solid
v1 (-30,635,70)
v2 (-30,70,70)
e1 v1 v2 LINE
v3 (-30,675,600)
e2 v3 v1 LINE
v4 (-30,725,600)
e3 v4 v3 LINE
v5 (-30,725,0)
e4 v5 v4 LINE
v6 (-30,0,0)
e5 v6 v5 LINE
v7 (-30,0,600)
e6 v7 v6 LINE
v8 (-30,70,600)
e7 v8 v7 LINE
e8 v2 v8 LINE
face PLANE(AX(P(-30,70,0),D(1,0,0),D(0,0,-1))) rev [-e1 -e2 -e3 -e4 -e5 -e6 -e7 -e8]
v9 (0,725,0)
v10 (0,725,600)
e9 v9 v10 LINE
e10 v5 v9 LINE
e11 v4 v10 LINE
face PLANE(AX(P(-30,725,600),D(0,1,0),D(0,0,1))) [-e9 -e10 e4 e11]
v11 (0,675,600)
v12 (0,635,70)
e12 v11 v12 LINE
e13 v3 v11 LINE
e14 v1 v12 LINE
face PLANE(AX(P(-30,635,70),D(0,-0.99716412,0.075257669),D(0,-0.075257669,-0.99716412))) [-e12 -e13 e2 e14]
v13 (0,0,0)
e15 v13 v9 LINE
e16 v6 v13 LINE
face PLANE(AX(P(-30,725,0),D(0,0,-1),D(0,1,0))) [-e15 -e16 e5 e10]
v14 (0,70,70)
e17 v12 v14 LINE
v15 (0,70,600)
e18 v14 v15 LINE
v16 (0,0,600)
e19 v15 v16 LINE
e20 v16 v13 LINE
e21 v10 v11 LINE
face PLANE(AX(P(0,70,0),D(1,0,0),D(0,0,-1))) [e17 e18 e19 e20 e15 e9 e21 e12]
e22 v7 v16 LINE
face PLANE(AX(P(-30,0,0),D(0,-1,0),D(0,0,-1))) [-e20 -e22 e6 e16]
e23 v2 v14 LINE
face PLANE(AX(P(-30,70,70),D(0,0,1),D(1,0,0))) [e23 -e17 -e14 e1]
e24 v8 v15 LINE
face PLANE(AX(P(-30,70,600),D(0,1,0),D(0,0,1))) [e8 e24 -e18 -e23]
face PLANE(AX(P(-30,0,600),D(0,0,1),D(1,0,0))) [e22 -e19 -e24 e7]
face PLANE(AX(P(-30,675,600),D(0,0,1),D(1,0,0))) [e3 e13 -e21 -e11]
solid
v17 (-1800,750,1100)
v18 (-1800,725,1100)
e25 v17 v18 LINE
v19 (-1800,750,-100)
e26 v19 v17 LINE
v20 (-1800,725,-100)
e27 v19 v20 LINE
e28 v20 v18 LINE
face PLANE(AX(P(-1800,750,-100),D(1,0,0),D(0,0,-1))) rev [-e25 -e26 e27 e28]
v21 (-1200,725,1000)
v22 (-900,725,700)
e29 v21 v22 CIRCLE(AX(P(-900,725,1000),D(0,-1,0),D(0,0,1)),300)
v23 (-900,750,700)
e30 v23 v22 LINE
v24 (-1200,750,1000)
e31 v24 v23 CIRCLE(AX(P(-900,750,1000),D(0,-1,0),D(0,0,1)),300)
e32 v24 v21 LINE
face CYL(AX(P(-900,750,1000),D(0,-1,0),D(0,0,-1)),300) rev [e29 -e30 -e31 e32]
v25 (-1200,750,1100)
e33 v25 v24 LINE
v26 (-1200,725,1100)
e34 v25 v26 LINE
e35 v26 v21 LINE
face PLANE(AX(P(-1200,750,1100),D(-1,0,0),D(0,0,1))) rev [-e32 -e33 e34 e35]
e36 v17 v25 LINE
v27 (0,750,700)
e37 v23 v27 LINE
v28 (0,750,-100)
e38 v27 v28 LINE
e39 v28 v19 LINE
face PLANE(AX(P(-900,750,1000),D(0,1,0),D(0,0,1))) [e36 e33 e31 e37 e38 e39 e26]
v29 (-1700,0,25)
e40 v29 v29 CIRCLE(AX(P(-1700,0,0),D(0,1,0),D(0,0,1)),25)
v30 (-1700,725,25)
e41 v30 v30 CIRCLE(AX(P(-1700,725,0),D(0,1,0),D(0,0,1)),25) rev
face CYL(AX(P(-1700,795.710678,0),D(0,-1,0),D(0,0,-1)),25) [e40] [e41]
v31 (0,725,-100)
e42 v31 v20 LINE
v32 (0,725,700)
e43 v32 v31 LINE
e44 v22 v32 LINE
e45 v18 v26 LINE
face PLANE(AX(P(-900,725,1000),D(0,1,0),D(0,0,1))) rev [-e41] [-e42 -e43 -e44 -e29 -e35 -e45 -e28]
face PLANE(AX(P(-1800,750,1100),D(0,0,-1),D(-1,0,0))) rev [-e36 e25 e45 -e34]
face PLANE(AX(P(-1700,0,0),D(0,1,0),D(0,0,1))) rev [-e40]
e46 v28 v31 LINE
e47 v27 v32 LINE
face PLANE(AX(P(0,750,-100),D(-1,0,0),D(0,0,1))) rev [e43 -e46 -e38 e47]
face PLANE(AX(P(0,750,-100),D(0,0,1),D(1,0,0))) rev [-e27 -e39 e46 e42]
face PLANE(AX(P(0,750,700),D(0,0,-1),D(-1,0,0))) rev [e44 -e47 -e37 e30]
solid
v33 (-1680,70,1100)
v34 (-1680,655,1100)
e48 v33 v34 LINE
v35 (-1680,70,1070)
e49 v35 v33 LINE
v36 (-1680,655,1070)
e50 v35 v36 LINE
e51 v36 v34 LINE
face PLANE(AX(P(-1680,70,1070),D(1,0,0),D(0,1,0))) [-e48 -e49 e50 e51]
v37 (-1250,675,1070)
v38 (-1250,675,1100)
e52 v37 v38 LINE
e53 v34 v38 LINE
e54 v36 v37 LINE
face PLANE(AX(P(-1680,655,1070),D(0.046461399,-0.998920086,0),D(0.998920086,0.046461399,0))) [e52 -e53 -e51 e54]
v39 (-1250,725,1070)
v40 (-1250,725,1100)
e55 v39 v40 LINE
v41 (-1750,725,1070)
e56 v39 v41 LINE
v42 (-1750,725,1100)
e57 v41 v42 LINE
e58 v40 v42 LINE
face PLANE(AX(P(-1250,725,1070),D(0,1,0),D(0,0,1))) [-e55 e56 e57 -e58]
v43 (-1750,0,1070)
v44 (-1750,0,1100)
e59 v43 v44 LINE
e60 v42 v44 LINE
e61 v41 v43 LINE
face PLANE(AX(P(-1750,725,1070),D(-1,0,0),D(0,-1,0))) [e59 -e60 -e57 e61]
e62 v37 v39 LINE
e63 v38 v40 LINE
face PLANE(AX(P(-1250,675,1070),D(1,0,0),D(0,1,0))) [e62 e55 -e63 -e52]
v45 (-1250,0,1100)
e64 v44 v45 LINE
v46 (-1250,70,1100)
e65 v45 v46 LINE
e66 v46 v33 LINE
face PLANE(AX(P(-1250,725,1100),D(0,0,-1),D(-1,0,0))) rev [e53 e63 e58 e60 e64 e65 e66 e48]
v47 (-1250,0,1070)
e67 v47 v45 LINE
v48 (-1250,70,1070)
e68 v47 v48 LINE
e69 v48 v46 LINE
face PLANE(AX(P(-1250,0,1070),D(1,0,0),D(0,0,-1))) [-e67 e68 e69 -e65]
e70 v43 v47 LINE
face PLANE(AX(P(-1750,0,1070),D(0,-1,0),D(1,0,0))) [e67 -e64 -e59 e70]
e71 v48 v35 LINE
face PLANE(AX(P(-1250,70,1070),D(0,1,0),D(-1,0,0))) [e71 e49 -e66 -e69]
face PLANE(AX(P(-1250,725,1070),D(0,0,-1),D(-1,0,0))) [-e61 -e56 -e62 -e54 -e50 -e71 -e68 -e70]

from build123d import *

# Parameters (mm, degrees)
EXTRUDE1_DEPTH = 30
EXTRUDE2_DEPTH = 25
EXTRUDE3_DEPTH = 30
SKETCH5_R      = 25
EXTRUDE4_DEPTH = 725


with BuildPart() as part:
    # Sketch1 → Extrude1 (new body)
    with BuildSketch(Plane(origin=(0, 0, 0), x_dir=(0, 0, -1), z_dir=(1, 0, 0))):
        Polygon((0, 0), (-600, 0), (-600, 70), (-70, 70), (-70, 635), (-600, 675), (-600, 725), (0, 725), align=None)
    extrude(amount=-EXTRUDE1_DEPTH)


with BuildPart() as body_2:
    # Sketch2 → Extrude2 (new body)
    with BuildSketch(Plane(origin=(0, 725, 0), x_dir=(-1, 0, 0), z_dir=(0, 1, 0))):
        with BuildLine():
            Line((0, 700), (900, 700))
            ThreePointArc((900, 700), (1112.132034356, 787.867965644), (1200, 1000))
            Line((1200, 1000), (1200, 1100))
            Line((1200, 1100), (1800, 1100))
            Line((1800, 1100), (1800, -100))
            Line((1800, -100), (0, -100))
            Line((0, -100), (0, 700))
        make_face()
    extrude(amount=EXTRUDE2_DEPTH)

    # Sketch5 → Extrude4 (add)
    with BuildSketch(Plane(origin=(0, 0, 0), x_dir=(1, 0, 0), z_dir=(0, 1, 0))):
        with Locations(Location((-1700, 0, 0), (0, 0, 270))):  # turned: the seam where the file's is
            Circle(SKETCH5_R)
    extrude(amount=EXTRUDE4_DEPTH)


with BuildPart() as body_3:
    # Sketch3 → Extrude3 (new body)
    with BuildSketch(Plane.XY.offset(1100)):
        Polygon((-1750, 725), (-1750, 0), (-1250, 0), (-1250, 70), (-1680, 70), (-1680, 655), (-1250, 675), (-1250, 725), align=None)
    extrude(amount=-EXTRUDE3_DEPTH)


solid = Compound([part.part, body_2.part, body_3.part])
